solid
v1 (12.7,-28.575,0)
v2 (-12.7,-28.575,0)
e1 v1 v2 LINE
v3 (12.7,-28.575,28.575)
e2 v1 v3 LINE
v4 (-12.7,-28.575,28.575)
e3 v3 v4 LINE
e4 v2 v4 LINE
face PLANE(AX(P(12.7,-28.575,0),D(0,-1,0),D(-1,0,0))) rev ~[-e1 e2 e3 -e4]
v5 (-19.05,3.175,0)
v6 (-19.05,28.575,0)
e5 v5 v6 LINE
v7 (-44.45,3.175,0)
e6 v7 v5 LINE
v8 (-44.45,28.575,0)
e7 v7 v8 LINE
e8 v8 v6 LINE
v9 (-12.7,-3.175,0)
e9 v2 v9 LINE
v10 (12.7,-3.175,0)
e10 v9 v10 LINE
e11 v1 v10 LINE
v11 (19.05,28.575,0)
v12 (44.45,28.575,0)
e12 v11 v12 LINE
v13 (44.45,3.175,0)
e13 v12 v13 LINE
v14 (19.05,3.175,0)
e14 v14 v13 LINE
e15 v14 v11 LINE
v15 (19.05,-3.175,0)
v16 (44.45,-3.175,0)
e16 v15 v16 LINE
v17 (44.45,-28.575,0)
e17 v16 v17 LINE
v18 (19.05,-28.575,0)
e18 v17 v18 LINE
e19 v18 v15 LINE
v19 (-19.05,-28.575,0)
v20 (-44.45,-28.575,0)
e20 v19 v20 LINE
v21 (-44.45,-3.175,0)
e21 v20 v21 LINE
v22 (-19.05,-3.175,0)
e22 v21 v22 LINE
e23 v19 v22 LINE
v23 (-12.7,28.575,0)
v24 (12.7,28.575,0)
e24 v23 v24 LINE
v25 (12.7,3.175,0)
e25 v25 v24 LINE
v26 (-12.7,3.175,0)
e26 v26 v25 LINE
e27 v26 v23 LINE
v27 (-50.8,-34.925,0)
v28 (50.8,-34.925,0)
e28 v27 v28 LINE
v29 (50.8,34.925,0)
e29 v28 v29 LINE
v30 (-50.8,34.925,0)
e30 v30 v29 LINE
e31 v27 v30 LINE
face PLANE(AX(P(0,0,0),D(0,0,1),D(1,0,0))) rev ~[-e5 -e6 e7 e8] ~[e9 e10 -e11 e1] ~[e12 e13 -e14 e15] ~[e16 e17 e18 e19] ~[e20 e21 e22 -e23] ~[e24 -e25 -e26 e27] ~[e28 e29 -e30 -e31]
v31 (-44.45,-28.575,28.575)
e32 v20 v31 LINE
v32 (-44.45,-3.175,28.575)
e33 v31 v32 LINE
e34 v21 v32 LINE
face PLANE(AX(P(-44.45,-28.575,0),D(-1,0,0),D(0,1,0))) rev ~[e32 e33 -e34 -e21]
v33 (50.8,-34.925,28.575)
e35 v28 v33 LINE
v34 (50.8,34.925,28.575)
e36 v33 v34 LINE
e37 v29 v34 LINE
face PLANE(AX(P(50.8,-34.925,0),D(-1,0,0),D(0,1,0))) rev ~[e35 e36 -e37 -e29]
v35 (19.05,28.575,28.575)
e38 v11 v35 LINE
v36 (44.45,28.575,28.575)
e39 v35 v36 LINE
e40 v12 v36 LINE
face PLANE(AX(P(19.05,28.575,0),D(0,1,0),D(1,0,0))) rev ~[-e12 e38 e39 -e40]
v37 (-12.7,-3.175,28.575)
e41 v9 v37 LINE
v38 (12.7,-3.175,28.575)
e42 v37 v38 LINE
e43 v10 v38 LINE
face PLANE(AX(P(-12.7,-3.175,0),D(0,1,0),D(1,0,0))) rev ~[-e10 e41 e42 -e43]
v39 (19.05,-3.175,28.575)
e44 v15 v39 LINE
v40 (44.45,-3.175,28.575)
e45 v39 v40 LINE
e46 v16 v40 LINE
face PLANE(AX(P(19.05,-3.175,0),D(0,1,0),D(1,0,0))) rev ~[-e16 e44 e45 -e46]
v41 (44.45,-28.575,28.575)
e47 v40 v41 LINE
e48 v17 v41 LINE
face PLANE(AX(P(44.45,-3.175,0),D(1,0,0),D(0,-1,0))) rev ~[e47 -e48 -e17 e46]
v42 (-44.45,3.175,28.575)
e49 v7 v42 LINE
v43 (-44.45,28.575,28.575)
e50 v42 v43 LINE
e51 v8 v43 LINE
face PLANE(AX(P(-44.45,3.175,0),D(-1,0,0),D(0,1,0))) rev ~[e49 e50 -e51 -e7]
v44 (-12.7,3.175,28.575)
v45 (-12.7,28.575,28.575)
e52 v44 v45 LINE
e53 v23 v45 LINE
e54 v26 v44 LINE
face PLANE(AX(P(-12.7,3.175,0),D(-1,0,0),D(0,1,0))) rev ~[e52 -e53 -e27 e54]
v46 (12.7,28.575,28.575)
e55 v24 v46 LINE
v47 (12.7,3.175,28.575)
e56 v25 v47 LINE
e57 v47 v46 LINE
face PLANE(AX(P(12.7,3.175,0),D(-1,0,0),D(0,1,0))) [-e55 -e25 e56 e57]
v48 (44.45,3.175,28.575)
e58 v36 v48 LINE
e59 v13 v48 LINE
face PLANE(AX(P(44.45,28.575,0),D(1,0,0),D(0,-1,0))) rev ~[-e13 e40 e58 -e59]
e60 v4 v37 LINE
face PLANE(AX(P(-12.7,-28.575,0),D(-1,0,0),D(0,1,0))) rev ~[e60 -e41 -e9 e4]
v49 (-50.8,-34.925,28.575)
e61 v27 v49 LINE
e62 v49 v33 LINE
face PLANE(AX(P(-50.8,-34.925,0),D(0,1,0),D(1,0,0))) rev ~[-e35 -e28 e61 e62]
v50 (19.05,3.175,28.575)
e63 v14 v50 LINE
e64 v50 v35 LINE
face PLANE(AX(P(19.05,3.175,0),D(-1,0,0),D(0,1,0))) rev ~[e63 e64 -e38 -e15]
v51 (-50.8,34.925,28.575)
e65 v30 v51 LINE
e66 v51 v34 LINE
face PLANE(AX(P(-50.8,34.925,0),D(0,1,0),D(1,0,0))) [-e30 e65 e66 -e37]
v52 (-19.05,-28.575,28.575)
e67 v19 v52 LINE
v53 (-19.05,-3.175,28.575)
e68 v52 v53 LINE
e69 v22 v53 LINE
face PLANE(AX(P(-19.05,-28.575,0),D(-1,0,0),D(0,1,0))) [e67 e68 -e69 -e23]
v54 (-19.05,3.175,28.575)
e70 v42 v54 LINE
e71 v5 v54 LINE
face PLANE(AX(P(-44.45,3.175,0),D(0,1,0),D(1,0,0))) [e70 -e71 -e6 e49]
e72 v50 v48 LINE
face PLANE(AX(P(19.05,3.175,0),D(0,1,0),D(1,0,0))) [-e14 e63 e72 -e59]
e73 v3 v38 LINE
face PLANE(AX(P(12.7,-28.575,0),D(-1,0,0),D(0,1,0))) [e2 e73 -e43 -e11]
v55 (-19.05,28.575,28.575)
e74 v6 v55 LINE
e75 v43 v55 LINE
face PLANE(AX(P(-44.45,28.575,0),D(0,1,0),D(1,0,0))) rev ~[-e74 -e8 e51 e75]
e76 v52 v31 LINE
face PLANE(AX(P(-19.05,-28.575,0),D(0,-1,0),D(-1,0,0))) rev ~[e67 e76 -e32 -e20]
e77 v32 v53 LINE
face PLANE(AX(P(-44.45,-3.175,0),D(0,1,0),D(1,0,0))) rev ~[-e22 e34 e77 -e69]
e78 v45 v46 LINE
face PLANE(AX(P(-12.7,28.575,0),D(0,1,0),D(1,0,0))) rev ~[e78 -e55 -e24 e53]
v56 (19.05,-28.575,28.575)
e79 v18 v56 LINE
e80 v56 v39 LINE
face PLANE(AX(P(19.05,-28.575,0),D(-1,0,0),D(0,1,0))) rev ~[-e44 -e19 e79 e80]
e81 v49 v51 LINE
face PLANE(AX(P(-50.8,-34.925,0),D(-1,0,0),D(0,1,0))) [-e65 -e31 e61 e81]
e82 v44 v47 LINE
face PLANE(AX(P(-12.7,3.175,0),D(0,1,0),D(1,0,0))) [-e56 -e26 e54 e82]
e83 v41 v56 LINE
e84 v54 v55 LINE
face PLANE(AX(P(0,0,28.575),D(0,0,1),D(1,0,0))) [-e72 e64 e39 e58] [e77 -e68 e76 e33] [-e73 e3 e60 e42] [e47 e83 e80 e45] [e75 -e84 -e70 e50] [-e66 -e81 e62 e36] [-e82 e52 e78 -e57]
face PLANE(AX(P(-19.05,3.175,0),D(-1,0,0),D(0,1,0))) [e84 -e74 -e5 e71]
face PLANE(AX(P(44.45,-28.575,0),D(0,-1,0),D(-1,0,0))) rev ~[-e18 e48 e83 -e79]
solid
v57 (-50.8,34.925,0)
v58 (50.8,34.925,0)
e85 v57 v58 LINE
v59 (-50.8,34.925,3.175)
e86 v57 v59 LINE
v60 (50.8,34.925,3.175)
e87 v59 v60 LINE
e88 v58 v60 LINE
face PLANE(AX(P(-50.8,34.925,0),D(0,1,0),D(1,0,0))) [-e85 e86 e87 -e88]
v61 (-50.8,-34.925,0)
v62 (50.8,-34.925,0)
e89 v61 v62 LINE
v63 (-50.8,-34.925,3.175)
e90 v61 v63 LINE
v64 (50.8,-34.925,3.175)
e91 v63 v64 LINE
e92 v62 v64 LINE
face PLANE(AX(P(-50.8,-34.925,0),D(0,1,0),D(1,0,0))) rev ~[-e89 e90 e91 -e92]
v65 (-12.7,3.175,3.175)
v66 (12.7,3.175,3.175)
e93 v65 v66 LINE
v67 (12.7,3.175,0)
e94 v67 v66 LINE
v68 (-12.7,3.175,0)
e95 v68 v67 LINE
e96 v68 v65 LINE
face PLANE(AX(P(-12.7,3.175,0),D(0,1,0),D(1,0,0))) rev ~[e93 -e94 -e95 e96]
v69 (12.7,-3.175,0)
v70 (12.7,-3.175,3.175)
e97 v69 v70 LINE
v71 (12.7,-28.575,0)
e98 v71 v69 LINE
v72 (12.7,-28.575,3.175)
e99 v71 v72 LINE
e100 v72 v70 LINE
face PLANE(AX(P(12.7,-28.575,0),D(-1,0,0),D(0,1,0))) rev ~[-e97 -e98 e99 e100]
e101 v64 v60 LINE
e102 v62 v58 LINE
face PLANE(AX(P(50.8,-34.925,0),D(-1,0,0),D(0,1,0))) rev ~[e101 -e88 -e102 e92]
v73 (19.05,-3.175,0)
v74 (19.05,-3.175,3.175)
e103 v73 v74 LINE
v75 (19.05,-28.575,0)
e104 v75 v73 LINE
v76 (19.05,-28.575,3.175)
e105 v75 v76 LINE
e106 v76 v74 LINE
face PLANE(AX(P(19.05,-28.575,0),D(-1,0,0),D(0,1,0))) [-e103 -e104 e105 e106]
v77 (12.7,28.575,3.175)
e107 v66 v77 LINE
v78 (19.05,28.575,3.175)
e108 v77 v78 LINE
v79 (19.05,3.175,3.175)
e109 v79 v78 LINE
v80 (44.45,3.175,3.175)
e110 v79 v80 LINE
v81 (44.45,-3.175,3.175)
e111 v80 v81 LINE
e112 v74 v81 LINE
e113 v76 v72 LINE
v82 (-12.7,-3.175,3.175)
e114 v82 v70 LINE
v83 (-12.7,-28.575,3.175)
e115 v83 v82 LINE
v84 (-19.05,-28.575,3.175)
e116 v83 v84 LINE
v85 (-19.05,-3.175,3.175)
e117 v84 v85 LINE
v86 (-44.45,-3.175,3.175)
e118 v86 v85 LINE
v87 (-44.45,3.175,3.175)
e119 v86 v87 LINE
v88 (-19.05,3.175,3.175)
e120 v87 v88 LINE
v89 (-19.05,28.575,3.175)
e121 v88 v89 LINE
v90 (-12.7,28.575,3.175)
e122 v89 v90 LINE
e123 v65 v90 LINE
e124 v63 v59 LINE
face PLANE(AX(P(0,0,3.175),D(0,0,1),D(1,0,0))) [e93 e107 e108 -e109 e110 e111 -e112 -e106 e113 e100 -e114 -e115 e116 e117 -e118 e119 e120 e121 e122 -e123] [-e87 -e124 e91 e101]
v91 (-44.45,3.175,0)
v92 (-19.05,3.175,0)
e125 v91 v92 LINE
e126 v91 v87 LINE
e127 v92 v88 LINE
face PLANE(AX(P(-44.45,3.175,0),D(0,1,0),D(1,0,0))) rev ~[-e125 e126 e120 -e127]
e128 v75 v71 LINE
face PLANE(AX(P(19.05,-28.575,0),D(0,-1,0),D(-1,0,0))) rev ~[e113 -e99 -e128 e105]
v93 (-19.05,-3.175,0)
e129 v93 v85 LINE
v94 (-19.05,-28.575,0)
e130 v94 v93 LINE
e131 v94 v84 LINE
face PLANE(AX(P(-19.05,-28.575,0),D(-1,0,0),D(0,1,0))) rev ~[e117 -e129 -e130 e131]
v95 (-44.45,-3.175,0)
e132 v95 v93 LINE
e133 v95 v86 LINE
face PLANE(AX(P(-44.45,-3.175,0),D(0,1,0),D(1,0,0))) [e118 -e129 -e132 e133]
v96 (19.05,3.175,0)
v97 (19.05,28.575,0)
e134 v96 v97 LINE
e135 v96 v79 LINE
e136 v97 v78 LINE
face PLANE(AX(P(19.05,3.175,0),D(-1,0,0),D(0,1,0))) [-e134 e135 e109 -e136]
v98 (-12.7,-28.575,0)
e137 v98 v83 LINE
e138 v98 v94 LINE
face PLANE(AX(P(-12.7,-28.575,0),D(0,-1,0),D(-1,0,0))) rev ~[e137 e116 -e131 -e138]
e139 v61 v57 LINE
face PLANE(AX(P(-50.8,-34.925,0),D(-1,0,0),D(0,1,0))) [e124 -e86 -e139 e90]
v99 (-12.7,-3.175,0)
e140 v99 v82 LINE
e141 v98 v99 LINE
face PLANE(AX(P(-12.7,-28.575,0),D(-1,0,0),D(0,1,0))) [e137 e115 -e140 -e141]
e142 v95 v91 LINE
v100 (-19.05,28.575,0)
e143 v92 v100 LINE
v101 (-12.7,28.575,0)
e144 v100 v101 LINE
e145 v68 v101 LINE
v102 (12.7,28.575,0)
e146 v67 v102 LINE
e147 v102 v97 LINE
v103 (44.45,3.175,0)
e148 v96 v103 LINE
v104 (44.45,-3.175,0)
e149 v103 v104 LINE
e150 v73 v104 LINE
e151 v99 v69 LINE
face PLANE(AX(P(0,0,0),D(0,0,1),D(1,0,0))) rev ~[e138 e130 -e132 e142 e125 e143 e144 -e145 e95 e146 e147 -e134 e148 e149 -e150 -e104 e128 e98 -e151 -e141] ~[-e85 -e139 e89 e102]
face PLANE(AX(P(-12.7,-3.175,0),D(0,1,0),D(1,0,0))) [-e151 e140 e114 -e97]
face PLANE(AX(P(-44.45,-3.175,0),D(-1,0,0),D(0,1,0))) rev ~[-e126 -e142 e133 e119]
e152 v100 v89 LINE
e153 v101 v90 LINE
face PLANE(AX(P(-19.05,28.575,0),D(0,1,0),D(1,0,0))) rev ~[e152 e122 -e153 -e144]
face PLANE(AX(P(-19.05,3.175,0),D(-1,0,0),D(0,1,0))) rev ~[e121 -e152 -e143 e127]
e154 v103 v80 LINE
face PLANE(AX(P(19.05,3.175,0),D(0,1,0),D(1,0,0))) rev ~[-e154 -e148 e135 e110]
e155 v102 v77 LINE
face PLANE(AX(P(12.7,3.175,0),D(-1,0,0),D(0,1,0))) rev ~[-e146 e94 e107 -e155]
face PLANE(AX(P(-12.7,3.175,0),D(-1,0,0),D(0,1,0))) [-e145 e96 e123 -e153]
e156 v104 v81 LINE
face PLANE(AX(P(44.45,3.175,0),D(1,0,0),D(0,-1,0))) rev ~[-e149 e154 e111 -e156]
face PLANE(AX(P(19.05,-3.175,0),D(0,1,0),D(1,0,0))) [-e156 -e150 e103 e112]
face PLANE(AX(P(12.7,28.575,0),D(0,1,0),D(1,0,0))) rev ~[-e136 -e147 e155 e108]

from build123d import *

# Parameters (mm, degrees)
F0_W     = 101.6
F0_H     = 69.85
F0_W_2   = 6.35
F0_H_2   = 25.4
F0_W_3   = 25.4
F0_H_3   = 6.35
F1_DEPTH = 28.575
F2_DEPTH = 3.175


with BuildPart() as f1:
    # F0 (on Top) → F1 (new body)
    with BuildSketch(Plane.XY):
        Rectangle(F0_W, F0_H)
        Polygon((-44.45, 3.175), (-44.45, 28.575), (-19.05, 28.575), (-12.7, 28.575), (12.7, 28.575), (19.05, 28.575), (44.45, 28.575), (44.45, 3.175), (44.45, -3.175), (44.45, -28.575), (19.05, -28.575), (12.7, -28.575), (-12.7, -28.575), (-19.05, -28.575), (-44.45, -28.575), (-44.45, -3.175), align=None, mode=Mode.SUBTRACT)
        with Locations((-15.875, 15.875)):
            Rectangle(F0_W_2, F0_H_2)
        with Locations((-31.75, 0)):
            Rectangle(F0_W_3, F0_H_3)
        with Locations((-15.875, 0)):
            Rectangle(F0_W_2, F0_H_3)
        with Locations((-15.875, -15.875)):
            Rectangle(F0_W_2, F0_H_2)
        Rectangle(F0_W_3, F0_H_3)
        with Locations((15.875, 15.875)):
            Rectangle(F0_W_2, F0_H_2)
        with Locations((15.875, 0)):
            Rectangle(F0_W_2, F0_H_3)
        with Locations((31.75, 0)):
            Rectangle(F0_W_3, F0_H_3)
        with Locations((15.875, -15.875)):
            Rectangle(F0_W_2, F0_H_2)
    extrude(amount=F1_DEPTH)


with BuildPart() as f2:
    # F0 (on Top) → F2 (new body)
    with BuildSketch(Plane.XY):
        Rectangle(F0_W, F0_H)
        Polygon((-44.45, 3.175), (-44.45, 28.575), (-19.05, 28.575), (-12.7, 28.575), (12.7, 28.575), (19.05, 28.575), (44.45, 28.575), (44.45, 3.175), (44.45, -3.175), (44.45, -28.575), (19.05, -28.575), (12.7, -28.575), (-12.7, -28.575), (-19.05, -28.575), (-44.45, -28.575), (-44.45, -3.175), align=None, mode=Mode.SUBTRACT)
        with Locations((-31.75, 15.875)):
            Rectangle(F0_W_3, F0_H_2)
        with Locations((0, 15.875)):
            Rectangle(F0_W_3, F0_H_2)
        with Locations((-31.75, -15.875)):
            Rectangle(F0_W_3, F0_H_2)
        with Locations((0, -15.875)):
            Rectangle(F0_W_3, F0_H_2)
        with Locations((31.75, -15.875)):
            Rectangle(F0_W_3, F0_H_2)
        with Locations((31.75, 15.875)):
            Rectangle(F0_W_3, F0_H_2)
    extrude(amount=F2_DEPTH)


solid = Compound([f1.part, f2.part])
